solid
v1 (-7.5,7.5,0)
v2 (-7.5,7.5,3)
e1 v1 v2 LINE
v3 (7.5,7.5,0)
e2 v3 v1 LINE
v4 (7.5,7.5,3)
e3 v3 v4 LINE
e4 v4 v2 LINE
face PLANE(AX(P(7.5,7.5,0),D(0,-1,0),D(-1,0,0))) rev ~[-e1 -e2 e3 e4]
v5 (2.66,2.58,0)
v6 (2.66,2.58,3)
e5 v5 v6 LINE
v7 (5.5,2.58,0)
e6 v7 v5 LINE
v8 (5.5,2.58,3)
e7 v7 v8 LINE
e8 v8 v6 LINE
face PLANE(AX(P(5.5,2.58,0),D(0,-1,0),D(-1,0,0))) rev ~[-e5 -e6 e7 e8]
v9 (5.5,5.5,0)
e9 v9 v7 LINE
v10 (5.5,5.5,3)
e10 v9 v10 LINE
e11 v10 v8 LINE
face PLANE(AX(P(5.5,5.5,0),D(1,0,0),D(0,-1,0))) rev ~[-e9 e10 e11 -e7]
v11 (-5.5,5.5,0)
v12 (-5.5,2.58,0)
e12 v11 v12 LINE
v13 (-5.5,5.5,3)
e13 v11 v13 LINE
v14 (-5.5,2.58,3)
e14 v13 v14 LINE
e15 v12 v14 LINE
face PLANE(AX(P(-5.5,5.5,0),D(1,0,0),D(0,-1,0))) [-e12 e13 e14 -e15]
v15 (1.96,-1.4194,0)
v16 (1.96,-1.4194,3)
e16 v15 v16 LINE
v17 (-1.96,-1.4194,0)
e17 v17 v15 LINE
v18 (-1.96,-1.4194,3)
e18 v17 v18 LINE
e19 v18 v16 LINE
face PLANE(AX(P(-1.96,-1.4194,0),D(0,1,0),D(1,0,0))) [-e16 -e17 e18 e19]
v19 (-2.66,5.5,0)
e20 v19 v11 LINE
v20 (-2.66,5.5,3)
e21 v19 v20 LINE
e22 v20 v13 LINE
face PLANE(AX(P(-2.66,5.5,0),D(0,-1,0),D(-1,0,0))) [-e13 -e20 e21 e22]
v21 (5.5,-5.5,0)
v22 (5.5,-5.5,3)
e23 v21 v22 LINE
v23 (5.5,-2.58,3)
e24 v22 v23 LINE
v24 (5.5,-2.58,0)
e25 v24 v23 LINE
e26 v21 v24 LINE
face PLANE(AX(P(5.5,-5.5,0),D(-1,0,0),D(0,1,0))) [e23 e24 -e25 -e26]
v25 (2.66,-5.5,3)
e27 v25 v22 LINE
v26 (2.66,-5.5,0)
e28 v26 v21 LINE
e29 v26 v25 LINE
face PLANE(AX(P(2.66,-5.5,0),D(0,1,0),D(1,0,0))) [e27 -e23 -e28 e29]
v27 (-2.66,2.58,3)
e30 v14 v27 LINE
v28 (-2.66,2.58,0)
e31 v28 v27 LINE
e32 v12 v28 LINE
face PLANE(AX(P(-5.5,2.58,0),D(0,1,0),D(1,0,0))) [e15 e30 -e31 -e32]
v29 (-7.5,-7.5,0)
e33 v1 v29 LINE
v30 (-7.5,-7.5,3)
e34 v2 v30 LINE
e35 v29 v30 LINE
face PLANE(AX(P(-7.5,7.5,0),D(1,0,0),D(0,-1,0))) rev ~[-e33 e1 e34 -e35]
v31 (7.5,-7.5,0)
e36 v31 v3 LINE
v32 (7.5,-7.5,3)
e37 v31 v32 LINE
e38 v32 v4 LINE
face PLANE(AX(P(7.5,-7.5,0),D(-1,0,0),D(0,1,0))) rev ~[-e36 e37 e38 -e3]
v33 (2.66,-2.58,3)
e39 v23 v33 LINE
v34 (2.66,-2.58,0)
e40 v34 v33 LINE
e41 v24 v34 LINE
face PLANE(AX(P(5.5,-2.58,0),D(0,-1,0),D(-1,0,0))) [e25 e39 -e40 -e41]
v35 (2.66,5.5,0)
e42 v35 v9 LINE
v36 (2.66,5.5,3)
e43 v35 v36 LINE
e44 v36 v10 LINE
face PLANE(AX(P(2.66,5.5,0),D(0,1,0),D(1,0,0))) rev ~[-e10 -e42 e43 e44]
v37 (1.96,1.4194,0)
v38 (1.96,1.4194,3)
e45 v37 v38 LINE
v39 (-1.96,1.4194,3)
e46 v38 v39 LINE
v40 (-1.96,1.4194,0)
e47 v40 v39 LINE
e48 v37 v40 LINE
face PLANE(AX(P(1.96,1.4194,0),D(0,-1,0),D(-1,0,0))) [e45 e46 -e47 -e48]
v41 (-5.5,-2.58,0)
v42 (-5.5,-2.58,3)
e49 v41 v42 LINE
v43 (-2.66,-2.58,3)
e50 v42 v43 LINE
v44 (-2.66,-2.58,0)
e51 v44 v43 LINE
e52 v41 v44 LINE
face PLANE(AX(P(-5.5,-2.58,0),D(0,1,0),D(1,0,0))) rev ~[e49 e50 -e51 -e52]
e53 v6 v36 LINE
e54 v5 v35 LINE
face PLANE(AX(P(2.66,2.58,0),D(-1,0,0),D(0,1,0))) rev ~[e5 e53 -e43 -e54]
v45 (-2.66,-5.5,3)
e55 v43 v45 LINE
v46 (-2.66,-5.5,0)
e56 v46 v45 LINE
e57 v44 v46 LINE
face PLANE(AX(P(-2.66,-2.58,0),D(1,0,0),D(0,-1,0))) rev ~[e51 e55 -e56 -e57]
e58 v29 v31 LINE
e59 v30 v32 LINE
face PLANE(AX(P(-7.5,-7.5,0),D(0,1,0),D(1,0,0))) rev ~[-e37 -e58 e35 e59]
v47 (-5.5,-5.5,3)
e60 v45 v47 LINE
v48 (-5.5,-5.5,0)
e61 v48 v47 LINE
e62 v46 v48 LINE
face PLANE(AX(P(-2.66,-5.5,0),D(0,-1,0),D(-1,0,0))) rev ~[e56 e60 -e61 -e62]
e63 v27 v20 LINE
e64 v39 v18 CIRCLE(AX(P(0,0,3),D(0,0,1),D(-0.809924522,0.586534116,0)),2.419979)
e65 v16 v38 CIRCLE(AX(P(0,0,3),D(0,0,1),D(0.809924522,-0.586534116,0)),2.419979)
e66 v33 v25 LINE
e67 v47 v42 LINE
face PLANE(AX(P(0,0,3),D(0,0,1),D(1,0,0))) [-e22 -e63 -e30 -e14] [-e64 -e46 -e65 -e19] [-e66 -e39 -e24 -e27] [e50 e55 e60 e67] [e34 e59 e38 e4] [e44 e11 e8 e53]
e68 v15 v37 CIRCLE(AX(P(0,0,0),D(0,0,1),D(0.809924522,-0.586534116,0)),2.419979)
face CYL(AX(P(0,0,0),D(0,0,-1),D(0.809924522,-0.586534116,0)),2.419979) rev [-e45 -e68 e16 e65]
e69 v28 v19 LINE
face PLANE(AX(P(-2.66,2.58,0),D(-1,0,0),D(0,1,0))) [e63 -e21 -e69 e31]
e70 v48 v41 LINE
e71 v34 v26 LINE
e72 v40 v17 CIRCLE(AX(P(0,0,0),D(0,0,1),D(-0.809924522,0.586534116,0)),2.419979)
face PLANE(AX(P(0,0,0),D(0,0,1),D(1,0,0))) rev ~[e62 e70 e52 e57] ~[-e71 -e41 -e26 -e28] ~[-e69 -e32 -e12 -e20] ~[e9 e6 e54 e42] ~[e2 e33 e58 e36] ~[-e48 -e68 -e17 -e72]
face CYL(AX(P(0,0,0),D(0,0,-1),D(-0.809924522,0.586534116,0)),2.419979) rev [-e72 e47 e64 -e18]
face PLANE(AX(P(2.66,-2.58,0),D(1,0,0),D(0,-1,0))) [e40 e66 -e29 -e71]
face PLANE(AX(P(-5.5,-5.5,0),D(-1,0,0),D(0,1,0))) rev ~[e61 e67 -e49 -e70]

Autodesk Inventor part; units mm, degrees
ref_plane "YZ Plane" through (0, 0, 0) normal (1, 0, 0) x (0, 1, 0)
ref_plane "XZ Plane" through (0, 0, 0) normal (0, 1, 0) x (-1, 0, 0)
ref_plane "XY Plane" through (0, 0, 0) normal (0, 0, 1) x (1, 0, 0)
sketch "Sketch1" plane through (0, 0, 0) normal (0, 0, 1) x (1, 0, 0)
  line L0 (-1.96, -1.4194) -> (1.96, -1.4194)
  line L1 (1.96, 1.4194) -> (-1.96, 1.4194)
  arc A0 (-1.96, 1.4194) -> (-1.96, -1.4194) centre (0, 0) ccw
  arc A1 (1.96, -1.4194) -> (1.96, 1.4194) centre (0, 0) ccw
  line L2 (-7.5, -7.5) -> (7.5, -7.5)
  line L3 (7.5, -7.5) -> (7.5, 7.5)
  line L4 (7.5, 7.5) -> (-7.5, 7.5)
  line L5 (-7.5, 7.5) -> (-7.5, -7.5)
  line L6 (-7.5, -7.5) -> (7.5, 7.5) construction
  line L7 (7.5, -7.5) -> (-7.5, 7.5) construction
  line L8 (-5.5, 2.58) -> (-2.66, 2.58)
  line L9 (-2.66, 2.58) -> (-2.66, 5.5)
  line L10 (-2.66, 5.5) -> (-5.5, 5.5)
  line L11 (-5.5, 5.5) -> (-5.5, 2.58)
  line L12 (0, 0) -> (0, 4.08) construction
  line L13 (0, 0) -> (5.4269, 0) construction
  line L14 (5.5, 2.58) -> (2.66, 2.58)
  line L15 (2.66, 2.58) -> (2.66, 5.5)
  line L16 (2.66, 5.5) -> (5.5, 5.5)
  line L17 (5.5, 5.5) -> (5.5, 2.58)
  line L18 (-5.5, -2.58) -> (-2.66, -2.58)
  line L19 (-2.66, -2.58) -> (-2.66, -5.5)
  line L20 (-2.66, -5.5) -> (-5.5, -5.5)
  line L21 (-5.5, -5.5) -> (-5.5, -2.58)
  line L22 (2.66, -2.58) -> (2.66, -5.5)
  line L23 (2.66, -5.5) -> (5.5, -5.5)
  line L24 (5.5, -5.5) -> (5.5, -2.58)
  line L25 (5.5, -2.58) -> (2.66, -2.58)
  point P0 (0, -4.08)
  dimension "d3" = 3.92
  dimension "d4" = 2.42
  dimension "d5" = 15
  dimension "d7" = 2.84
  dimension "d8" = 2.92
  dimension "d9" = 2
  dimension "d10" = 2
extrude "Extrusion1" add sketch "Sketch1" along normal blind 3
properties part number "motor_bottom"
